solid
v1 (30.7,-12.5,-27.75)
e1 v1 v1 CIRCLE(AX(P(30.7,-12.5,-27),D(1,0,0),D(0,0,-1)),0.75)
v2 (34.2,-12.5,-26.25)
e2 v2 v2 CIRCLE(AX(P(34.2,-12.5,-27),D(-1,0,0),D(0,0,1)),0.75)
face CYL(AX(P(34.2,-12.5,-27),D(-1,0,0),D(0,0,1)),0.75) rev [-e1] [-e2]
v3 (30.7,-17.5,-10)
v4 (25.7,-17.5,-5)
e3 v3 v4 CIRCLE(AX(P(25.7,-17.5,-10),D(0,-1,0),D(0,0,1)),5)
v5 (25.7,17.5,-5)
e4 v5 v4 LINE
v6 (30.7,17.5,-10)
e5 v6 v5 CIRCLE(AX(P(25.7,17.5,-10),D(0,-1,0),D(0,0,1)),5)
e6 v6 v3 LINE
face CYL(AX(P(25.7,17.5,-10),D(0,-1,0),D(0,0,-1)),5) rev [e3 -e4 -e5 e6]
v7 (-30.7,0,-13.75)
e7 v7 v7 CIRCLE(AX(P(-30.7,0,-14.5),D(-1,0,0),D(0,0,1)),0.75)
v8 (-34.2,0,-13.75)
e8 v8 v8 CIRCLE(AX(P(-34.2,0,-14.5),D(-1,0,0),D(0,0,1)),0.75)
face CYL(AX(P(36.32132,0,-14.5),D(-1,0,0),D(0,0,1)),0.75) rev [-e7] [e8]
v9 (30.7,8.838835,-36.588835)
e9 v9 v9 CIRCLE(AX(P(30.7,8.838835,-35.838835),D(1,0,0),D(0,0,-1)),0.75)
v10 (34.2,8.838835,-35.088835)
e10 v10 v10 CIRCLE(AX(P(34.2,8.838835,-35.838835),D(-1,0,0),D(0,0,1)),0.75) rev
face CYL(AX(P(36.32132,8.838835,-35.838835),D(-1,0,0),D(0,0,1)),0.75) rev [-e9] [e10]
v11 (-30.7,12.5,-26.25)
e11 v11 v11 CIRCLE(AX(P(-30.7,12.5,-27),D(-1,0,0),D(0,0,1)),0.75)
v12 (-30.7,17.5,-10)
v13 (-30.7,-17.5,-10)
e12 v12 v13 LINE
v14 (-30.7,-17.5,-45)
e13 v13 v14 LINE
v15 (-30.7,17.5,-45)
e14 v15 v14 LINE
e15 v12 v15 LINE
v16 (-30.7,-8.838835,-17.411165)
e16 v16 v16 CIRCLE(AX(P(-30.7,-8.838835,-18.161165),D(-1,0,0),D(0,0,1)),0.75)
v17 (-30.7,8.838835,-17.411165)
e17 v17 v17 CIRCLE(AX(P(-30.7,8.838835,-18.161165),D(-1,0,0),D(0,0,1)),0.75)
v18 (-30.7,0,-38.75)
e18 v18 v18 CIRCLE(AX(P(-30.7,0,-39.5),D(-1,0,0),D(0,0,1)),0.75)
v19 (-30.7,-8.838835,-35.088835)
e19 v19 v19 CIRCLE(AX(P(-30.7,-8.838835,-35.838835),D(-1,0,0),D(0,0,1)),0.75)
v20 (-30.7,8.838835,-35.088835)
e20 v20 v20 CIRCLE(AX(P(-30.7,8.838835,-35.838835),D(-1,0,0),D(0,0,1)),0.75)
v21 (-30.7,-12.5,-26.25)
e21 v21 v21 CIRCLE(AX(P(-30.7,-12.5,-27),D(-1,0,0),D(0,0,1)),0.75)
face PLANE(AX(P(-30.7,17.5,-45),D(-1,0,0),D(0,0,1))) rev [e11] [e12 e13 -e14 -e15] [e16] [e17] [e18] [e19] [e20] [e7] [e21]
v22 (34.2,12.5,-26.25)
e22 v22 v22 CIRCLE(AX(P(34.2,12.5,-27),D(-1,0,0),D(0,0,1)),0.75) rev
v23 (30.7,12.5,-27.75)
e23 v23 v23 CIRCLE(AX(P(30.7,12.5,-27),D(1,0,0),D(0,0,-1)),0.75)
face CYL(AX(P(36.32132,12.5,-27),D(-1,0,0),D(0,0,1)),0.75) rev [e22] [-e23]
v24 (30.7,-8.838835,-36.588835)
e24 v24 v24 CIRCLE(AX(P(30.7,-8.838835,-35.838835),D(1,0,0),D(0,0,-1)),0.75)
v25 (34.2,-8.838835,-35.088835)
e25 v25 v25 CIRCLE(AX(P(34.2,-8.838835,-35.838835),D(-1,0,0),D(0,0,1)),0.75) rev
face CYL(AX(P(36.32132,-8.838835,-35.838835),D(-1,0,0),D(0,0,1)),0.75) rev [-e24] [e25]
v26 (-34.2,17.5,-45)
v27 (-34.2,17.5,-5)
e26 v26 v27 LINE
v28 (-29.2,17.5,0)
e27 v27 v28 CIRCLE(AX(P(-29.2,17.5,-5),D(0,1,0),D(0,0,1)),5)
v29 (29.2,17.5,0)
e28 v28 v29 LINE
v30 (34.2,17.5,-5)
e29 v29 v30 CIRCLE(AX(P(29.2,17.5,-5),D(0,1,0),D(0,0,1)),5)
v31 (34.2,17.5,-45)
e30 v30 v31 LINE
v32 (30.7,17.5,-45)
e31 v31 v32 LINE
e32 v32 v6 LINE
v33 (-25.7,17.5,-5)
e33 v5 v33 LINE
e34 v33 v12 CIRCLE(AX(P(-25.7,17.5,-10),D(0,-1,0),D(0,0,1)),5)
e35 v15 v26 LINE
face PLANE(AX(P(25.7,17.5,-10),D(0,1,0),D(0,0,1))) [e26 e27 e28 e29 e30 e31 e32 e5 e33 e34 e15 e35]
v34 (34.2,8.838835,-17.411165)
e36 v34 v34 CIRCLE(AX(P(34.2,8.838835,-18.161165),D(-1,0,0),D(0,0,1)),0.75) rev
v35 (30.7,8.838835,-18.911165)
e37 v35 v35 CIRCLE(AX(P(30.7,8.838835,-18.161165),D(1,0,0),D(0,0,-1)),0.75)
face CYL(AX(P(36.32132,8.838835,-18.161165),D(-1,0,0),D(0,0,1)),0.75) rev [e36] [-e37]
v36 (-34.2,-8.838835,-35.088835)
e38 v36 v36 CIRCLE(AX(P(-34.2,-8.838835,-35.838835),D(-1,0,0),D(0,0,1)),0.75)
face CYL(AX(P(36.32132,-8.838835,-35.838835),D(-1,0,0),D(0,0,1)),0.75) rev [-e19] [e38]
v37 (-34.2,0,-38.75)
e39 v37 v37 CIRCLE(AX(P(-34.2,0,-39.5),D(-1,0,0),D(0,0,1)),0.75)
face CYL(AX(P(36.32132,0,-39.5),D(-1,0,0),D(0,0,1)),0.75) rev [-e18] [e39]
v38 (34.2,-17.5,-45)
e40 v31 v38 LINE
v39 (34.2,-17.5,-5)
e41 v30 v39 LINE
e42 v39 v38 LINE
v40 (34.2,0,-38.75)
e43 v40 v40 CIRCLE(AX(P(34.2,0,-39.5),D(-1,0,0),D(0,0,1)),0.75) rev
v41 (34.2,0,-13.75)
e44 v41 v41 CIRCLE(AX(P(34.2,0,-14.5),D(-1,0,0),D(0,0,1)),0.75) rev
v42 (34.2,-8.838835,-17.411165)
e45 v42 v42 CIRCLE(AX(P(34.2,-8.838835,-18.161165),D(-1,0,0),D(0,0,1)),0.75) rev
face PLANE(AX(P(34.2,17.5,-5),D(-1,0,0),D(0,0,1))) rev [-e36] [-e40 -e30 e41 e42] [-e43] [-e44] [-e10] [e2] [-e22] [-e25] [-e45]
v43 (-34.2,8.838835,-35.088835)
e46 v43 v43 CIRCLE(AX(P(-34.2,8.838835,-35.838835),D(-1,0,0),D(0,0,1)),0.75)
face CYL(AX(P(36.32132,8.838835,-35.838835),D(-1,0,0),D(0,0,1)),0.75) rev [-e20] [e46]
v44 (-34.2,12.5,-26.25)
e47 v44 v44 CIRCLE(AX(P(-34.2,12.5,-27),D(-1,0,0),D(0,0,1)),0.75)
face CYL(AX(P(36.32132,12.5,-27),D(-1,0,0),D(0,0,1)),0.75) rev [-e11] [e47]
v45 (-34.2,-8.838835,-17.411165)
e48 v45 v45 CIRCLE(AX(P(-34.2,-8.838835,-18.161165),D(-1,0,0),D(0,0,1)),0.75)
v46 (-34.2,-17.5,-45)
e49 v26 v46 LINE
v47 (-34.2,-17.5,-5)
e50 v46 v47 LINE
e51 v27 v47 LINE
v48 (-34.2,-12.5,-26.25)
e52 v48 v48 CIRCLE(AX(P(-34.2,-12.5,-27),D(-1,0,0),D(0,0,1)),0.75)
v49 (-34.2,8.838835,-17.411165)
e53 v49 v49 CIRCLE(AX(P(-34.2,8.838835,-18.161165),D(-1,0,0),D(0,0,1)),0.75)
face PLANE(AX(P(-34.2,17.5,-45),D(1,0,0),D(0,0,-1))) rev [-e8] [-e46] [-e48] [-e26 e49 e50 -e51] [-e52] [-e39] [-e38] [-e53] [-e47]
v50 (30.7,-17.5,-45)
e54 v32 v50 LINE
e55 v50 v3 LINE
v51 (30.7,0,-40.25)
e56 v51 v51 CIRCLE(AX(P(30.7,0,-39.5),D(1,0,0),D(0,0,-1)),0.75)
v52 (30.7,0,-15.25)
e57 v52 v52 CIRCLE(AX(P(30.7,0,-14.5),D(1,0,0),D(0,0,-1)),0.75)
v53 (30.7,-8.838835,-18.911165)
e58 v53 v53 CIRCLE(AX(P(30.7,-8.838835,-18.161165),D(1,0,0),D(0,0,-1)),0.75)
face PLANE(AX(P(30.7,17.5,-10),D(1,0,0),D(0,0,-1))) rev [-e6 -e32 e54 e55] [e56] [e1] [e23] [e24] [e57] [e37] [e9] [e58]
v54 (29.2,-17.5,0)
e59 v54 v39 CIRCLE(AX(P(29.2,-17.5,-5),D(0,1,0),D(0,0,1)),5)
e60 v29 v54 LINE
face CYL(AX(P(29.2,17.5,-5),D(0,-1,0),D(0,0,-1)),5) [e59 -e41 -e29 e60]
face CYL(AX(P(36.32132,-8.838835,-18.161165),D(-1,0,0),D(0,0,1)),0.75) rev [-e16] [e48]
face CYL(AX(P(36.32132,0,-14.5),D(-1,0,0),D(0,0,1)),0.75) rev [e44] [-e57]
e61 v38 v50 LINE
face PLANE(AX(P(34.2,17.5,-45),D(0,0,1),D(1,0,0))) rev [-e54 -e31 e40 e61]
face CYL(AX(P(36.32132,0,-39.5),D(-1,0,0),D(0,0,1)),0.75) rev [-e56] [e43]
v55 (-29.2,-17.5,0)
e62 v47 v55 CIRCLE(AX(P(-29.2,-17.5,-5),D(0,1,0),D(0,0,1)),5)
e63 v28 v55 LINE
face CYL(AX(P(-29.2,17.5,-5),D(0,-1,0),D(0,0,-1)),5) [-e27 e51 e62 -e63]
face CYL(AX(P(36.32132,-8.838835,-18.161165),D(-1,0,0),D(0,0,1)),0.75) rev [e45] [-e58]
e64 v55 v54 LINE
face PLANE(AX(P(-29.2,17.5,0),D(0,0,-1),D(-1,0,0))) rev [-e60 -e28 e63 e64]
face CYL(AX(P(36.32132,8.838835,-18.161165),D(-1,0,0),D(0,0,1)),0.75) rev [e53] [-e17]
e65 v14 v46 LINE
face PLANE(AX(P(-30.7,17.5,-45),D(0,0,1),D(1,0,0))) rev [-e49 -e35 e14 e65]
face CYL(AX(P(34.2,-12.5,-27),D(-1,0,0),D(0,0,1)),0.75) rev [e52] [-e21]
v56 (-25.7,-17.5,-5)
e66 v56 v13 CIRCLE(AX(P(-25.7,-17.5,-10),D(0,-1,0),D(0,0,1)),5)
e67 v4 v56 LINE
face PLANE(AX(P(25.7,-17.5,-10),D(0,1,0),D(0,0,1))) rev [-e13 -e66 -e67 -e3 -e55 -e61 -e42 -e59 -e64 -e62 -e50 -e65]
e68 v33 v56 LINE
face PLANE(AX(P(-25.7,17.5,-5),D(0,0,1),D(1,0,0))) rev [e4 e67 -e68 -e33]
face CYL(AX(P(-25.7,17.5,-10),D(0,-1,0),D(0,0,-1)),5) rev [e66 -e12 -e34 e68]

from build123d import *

# Parameters (mm, degrees)
BOSS_EXTRUDE1_DEPTH = 17.5
CUT_EXTRUDE1_REACH  = 85.725
SKETCH2_R           = 0.75
SKETCH2_3_R         = 0.75
CUT_EXTRUDE2_DEPTH  = 84.724608091


with BuildPart() as part:
    # Sketch1 → Boss-Extrude1 (new, symmetric)
    with BuildSketch(Plane(origin=(0, 0, 0), x_dir=(1, 0, 0), z_dir=(0, 1, 0))):
        with BuildLine():
            Line((-29.2, 0), (29.2, 0))
            ThreePointArc((29.2, 0), (32.735533906, 1.464466094), (34.2, 5))
            Line((34.2, 5), (34.2, 45))
            Line((34.2, 45), (30.7, 45))
            Line((30.7, 45), (30.7, 10))
            ThreePointArc((30.7, 10), (29.235533906, 6.464466094), (25.7, 5))
            Line((25.7, 5), (-25.7, 5))
            ThreePointArc((-25.7, 5), (-29.235533906, 6.464466094), (-30.7, 10))
            Line((-30.7, 10), (-30.7, 45))
            Line((-30.7, 45), (-34.2, 45))
            Line((-34.2, 45), (-34.2, 5))
            ThreePointArc((-34.2, 5), (-32.735533906, 1.464466094), (-29.2, 0))
        make_face()
    extrude(amount=BOSS_EXTRUDE1_DEPTH, both=True)

    # Cut-Extrude1: up to this face of the body (flat: up to its plane)
    cut_extrude1_end = Plane(part.part.faces().sort_by_distance((34.2, 0, -25))[0])
    # Sketch2 → Cut-Extrude1 (cut, up to the picked face)
    with BuildSketch(Plane.ZY.offset(34.2), mode=Mode.PRIVATE) as cut_extrude1_sk1:
        with Locations((-27, 12.5)):
            Circle(SKETCH2_R)
    cut_extrude1_tool1 = split(extrude(cut_extrude1_sk1.sketch, amount=-CUT_EXTRUDE1_REACH, mode=Mode.PRIVATE), bisect_by=cut_extrude1_end, keep=Keep.BOTH, mode=Mode.PRIVATE)
    # Sketch2 → Cut-Extrude1 (cut, up to the picked face)
    with BuildSketch(Plane.ZY.offset(34.2), mode=Mode.PRIVATE) as cut_extrude1_sk2:
        with Locations((-18.161165235, 8.838834765)):
            Circle(SKETCH2_R)
    cut_extrude1_tool2 = split(extrude(cut_extrude1_sk2.sketch, amount=-CUT_EXTRUDE1_REACH, mode=Mode.PRIVATE), bisect_by=cut_extrude1_end, keep=Keep.BOTH, mode=Mode.PRIVATE)
    # Sketch2 → Cut-Extrude1 (cut, up to the picked face)
    with BuildSketch(Plane.ZY.offset(34.2), mode=Mode.PRIVATE) as cut_extrude1_sk3:
        with Locations((-14.5, 0)):
            Circle(SKETCH2_R)
    cut_extrude1_tool3 = split(extrude(cut_extrude1_sk3.sketch, amount=-CUT_EXTRUDE1_REACH, mode=Mode.PRIVATE), bisect_by=cut_extrude1_end, keep=Keep.BOTH, mode=Mode.PRIVATE)
    # Sketch2 → Cut-Extrude1 (cut, up to the picked face)
    with BuildSketch(Plane.ZY.offset(34.2), mode=Mode.PRIVATE) as cut_extrude1_sk4:
        with Locations((-18.161165235, -8.838834765)):
            Circle(SKETCH2_R)
    cut_extrude1_tool4 = split(extrude(cut_extrude1_sk4.sketch, amount=-CUT_EXTRUDE1_REACH, mode=Mode.PRIVATE), bisect_by=cut_extrude1_end, keep=Keep.BOTH, mode=Mode.PRIVATE)
    # Sketch2 → Cut-Extrude1 (cut, up to the picked face)
    with BuildSketch(Plane.ZY.offset(34.2), mode=Mode.PRIVATE) as cut_extrude1_sk5:
        with Locations((-35.838834765, -8.838834765)):
            Circle(SKETCH2_R)
    cut_extrude1_tool5 = split(extrude(cut_extrude1_sk5.sketch, amount=-CUT_EXTRUDE1_REACH, mode=Mode.PRIVATE), bisect_by=cut_extrude1_end, keep=Keep.BOTH, mode=Mode.PRIVATE)
    # Sketch2 → Cut-Extrude1 (cut, up to the picked face)
    with BuildSketch(Plane.ZY.offset(34.2), mode=Mode.PRIVATE) as cut_extrude1_sk6:
        with Locations((-39.5, 0)):
            Circle(SKETCH2_R)
    cut_extrude1_tool6 = split(extrude(cut_extrude1_sk6.sketch, amount=-CUT_EXTRUDE1_REACH, mode=Mode.PRIVATE), bisect_by=cut_extrude1_end, keep=Keep.BOTH, mode=Mode.PRIVATE)
    # Sketch2 → Cut-Extrude1 (cut, up to the picked face)
    with BuildSketch(Plane.ZY.offset(34.2), mode=Mode.PRIVATE) as cut_extrude1_sk7:
        with Locations((-35.838834765, 8.838834765)):
            Circle(SKETCH2_R)
    cut_extrude1_tool7 = split(extrude(cut_extrude1_sk7.sketch, amount=-CUT_EXTRUDE1_REACH, mode=Mode.PRIVATE), bisect_by=cut_extrude1_end, keep=Keep.BOTH, mode=Mode.PRIVATE)
    add(cut_extrude1_tool1.solids().sort_by(Axis((-34.2, 12.5, -27), (1, 0, 0)))[0], mode=Mode.SUBTRACT)
    add(cut_extrude1_tool2.solids().sort_by(Axis((-34.2, 8.838835, -18.161165), (1, 0, 0)))[0], mode=Mode.SUBTRACT)
    add(cut_extrude1_tool3.solids().sort_by(Axis((-34.2, 0, -14.5), (1, 0, 0)))[0], mode=Mode.SUBTRACT)
    add(cut_extrude1_tool4.solids().sort_by(Axis((-34.2, -8.838835, -18.161165), (1, 0, 0)))[0], mode=Mode.SUBTRACT)
    add(cut_extrude1_tool5.solids().sort_by(Axis((-34.2, -8.838835, -35.838835), (1, 0, 0)))[0], mode=Mode.SUBTRACT)
    add(cut_extrude1_tool6.solids().sort_by(Axis((-34.2, 0, -39.5), (1, 0, 0)))[0], mode=Mode.SUBTRACT)
    add(cut_extrude1_tool7.solids().sort_by(Axis((-34.2, 8.838835, -35.838835), (1, 0, 0)))[0], mode=Mode.SUBTRACT)

    # Sketch2<3> → Cut-Extrude2 (cut, through all)
    with BuildSketch(Plane.ZY.offset(34.2)):
        with Locations((-27, -12.5)):
            Circle(SKETCH2_3_R)
    extrude(amount=-CUT_EXTRUDE2_DEPTH, mode=Mode.SUBTRACT)


solid = part.part
